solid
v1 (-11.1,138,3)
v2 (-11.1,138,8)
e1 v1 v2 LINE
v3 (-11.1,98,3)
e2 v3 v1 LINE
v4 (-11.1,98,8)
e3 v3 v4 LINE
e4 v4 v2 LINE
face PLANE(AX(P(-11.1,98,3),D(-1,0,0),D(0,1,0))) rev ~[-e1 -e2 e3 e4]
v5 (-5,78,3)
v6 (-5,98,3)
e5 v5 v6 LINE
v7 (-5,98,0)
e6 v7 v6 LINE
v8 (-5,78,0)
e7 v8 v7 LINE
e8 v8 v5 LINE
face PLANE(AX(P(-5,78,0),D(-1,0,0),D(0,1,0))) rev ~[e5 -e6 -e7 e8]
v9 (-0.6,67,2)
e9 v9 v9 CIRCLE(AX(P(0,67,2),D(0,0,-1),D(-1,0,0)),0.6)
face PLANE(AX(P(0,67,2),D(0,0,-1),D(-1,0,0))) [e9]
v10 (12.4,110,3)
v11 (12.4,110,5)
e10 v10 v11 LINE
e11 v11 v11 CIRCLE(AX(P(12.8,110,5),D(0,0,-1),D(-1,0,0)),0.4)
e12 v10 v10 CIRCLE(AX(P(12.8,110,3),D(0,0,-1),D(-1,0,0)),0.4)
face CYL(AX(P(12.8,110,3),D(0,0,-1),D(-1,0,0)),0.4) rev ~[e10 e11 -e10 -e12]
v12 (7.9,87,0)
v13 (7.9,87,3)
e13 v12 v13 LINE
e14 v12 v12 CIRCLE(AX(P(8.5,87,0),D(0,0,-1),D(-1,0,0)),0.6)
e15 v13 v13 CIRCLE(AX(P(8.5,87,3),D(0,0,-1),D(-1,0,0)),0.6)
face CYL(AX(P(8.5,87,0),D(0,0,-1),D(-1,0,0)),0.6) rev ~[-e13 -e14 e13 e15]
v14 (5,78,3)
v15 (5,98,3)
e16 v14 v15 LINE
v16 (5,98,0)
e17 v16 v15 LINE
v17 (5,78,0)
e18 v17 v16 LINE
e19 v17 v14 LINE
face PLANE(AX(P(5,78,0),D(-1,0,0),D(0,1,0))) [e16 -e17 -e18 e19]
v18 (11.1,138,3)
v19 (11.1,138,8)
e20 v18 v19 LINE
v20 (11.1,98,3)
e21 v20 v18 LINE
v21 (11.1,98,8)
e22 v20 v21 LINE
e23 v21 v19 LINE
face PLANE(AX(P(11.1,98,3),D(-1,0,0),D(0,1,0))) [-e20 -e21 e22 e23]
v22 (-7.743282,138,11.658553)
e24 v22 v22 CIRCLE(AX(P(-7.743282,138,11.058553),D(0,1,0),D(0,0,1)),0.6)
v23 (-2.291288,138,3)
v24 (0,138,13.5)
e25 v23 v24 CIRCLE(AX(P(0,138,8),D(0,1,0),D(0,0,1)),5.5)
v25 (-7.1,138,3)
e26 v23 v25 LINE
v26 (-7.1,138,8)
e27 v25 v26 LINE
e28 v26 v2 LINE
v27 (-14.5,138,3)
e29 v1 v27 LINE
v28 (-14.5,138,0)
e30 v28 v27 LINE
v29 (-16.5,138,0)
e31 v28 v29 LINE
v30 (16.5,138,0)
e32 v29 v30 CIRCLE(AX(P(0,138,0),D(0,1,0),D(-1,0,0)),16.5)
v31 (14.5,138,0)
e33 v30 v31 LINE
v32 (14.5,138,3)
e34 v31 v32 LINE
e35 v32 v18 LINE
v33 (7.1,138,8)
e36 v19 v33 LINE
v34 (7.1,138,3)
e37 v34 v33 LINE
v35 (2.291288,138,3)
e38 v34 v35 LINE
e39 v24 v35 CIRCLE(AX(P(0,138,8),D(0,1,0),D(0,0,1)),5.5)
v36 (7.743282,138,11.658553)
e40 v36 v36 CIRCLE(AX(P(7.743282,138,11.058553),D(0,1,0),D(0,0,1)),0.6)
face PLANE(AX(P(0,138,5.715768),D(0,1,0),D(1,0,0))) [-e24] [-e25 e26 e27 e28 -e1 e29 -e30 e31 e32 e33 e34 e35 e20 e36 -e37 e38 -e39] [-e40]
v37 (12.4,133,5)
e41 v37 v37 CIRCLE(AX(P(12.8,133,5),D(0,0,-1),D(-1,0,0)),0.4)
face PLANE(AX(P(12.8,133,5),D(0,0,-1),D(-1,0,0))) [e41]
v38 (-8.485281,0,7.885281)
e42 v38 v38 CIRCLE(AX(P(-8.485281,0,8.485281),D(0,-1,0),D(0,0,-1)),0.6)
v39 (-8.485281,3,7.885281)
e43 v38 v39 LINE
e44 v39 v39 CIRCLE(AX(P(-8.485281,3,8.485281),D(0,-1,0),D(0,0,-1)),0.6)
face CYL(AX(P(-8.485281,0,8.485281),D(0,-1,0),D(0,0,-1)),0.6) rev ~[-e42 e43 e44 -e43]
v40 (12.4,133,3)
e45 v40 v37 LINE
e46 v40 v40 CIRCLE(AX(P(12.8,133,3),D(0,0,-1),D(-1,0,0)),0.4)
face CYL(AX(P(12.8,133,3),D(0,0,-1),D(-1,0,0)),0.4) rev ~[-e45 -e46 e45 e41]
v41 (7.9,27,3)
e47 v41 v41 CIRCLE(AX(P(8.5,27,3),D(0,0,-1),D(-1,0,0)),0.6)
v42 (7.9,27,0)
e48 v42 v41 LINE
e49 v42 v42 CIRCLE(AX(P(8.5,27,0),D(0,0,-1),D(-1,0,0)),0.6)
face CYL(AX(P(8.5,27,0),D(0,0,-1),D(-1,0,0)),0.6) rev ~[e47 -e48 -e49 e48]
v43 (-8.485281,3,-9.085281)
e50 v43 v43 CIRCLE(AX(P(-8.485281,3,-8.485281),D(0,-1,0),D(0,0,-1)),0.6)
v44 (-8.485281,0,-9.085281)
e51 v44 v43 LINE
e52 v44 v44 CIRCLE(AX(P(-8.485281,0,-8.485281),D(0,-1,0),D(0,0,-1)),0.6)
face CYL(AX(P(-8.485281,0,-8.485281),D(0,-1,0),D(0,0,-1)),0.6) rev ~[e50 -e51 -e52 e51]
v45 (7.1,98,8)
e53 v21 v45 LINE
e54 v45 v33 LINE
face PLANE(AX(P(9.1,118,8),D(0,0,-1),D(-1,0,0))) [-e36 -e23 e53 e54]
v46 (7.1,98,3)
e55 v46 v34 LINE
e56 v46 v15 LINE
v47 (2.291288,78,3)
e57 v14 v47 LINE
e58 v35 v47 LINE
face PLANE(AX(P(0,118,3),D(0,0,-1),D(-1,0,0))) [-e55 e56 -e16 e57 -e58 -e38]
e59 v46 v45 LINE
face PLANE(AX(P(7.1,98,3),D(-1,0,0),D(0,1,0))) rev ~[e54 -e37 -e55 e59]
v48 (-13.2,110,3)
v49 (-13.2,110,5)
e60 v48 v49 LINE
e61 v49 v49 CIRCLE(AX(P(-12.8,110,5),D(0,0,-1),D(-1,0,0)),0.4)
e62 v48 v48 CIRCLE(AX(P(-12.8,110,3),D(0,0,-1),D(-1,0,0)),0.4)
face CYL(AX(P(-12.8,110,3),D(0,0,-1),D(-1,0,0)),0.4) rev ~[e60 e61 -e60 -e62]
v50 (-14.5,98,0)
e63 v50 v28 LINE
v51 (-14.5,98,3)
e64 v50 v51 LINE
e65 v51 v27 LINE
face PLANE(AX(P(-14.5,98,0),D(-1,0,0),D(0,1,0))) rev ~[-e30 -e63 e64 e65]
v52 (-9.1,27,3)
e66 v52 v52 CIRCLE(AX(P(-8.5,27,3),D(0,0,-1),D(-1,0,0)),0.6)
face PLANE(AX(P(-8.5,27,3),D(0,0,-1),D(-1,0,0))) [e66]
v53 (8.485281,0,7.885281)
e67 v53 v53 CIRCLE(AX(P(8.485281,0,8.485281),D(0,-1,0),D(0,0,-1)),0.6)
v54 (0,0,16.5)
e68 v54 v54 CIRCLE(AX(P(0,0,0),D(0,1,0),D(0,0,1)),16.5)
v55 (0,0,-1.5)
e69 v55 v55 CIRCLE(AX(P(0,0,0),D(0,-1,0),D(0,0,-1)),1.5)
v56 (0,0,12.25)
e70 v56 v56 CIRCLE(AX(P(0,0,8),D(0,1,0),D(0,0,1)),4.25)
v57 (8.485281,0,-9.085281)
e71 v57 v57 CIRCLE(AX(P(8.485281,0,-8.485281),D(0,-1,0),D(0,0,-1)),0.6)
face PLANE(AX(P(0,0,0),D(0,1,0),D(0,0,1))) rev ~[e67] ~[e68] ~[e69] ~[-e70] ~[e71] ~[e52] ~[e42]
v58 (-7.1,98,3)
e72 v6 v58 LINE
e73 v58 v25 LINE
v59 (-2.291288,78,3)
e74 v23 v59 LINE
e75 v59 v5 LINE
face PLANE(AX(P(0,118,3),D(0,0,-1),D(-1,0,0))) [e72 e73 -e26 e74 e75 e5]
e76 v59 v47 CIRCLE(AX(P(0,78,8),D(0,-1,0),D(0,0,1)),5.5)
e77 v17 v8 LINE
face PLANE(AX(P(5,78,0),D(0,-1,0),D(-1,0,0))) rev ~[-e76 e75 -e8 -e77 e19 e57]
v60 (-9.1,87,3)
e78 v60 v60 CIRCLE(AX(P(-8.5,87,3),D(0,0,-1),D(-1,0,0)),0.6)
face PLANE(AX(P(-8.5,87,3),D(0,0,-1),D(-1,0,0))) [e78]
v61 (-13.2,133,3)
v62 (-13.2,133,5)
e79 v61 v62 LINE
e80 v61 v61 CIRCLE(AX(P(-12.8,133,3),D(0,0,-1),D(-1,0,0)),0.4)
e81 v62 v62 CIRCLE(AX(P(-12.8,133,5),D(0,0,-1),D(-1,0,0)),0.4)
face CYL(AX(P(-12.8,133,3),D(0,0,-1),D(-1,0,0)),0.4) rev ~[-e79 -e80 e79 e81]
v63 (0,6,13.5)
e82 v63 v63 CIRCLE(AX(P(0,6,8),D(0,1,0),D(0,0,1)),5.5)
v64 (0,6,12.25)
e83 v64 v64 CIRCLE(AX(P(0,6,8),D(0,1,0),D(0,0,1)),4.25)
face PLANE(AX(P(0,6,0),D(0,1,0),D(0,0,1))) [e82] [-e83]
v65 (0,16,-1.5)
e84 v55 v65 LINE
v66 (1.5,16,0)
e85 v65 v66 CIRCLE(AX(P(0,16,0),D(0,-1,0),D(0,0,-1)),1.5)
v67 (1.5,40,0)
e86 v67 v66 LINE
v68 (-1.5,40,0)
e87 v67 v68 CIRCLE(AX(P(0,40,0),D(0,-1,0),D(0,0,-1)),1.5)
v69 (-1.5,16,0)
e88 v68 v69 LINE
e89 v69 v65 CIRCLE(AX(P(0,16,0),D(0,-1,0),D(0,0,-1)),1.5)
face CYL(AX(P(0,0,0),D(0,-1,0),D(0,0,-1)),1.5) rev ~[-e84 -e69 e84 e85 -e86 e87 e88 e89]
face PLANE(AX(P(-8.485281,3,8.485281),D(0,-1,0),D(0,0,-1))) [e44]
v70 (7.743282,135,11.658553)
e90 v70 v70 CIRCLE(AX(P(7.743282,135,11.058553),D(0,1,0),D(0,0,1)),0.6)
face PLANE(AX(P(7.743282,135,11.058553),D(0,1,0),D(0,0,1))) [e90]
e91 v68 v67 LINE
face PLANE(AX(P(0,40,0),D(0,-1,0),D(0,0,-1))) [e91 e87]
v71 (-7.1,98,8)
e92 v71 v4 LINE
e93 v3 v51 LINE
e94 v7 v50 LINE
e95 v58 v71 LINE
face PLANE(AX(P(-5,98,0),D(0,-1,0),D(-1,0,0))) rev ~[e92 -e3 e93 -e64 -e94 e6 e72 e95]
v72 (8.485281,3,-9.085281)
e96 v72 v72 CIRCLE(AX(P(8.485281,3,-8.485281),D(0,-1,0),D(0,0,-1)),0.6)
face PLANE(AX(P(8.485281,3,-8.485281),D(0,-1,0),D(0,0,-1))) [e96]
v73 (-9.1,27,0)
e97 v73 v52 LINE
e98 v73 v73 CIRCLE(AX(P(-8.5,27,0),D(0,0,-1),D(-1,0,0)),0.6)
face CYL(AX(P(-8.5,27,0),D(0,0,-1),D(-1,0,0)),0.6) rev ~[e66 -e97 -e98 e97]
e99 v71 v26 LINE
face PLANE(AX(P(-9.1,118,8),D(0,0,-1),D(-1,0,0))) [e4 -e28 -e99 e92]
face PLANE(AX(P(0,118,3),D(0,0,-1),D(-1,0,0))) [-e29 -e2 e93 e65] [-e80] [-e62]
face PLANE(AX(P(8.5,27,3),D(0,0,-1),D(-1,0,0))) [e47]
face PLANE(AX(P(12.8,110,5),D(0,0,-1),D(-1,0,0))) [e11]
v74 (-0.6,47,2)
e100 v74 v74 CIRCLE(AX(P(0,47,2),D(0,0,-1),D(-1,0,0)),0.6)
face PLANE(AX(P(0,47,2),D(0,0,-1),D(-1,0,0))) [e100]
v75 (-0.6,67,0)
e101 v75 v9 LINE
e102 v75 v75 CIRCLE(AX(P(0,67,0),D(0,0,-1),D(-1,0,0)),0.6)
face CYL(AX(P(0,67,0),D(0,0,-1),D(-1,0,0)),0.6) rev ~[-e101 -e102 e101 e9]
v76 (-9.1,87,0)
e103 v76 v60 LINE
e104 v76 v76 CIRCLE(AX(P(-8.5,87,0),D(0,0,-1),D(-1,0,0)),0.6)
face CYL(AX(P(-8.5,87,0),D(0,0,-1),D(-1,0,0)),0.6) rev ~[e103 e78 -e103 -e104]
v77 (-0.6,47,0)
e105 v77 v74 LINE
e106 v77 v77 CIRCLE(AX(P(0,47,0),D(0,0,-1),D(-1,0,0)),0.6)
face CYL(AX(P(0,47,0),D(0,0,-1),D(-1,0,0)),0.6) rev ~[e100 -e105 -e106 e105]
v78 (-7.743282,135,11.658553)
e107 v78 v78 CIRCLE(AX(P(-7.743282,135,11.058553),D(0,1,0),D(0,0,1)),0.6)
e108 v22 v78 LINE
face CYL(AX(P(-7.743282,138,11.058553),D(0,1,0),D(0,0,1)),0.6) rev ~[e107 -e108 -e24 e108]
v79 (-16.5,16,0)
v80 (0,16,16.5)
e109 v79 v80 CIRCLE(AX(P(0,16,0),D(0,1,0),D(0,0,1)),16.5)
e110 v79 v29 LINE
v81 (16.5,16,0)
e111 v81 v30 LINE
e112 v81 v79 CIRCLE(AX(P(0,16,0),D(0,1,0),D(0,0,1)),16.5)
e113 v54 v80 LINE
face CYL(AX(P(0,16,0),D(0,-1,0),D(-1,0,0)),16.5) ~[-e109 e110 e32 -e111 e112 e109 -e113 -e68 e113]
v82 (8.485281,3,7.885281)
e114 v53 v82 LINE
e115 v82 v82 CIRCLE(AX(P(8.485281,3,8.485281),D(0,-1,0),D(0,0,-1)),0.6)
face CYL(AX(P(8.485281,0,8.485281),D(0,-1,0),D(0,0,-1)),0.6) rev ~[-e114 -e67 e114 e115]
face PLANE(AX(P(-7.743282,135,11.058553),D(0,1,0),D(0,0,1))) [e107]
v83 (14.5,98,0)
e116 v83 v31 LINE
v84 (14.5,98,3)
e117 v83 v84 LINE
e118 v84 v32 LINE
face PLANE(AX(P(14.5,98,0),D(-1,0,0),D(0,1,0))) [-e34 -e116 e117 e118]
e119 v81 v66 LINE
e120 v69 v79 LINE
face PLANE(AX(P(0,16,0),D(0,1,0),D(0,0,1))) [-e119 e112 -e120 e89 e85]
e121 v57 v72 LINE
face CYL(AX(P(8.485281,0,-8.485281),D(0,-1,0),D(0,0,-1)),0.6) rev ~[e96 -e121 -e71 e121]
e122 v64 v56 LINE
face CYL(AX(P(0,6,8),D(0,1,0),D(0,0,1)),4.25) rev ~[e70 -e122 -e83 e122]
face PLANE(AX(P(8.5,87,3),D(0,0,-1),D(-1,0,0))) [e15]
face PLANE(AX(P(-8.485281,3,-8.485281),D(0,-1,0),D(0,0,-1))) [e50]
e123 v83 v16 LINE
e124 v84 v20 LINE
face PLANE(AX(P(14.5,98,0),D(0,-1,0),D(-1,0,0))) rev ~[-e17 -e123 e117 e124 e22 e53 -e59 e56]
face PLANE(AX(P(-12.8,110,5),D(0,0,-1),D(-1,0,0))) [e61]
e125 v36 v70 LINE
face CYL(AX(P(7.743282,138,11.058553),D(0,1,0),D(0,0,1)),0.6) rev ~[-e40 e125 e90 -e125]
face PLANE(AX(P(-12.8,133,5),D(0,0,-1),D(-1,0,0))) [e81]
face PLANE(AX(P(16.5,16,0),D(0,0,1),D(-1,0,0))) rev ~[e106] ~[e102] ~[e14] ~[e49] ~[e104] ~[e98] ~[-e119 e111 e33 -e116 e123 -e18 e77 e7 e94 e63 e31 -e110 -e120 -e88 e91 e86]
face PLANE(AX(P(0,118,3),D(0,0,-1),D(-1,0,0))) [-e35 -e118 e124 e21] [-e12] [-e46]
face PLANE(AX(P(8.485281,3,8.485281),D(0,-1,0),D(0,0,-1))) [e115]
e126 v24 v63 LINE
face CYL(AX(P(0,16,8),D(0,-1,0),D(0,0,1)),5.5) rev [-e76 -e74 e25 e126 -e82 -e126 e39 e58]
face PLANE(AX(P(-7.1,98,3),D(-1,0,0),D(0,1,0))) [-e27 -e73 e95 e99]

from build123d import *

# Parameters (mm, degrees)
SKETCH_1_R          = 16.5
EXTRUDE_1_DEPTH     = 6
SKETCH_2_R          = 4.25
CUT_EXTRUDE_1_DEPTH = 25.093567606
SKETCH_3_R          = 0.6
CUT_EXTRUDE_2_DEPTH = 3
SKETCH_4_R          = 16.5
SKETCH_4_R_2        = 5.5
EXTRUDE_2_DEPTH     = 10
SKETCH_5_R          = 5.5
EXTRUDE_3_DEPTH     = 122
SKETCH_6_W          = 29
SKETCH_6_H          = 40
SKETCH_6_W_2        = 10
SKETCH_6_H_2        = 20
CUT_EXTRUDE_3_DEPTH = 3
SKETCH_7_W          = 4
SKETCH_7_H          = 40
CUT_EXTRUDE_4_DEPTH = 5
SKETCH_8_R          = 0.4
CUT_EXTRUDE_5_DEPTH = 2
SKETCH_9_R          = 0.6
CUT_EXTRUDE_6_DEPTH = 2
SKETCH_10_R         = 0.6
CUT_EXTRUDE_7_DEPTH = 3
SKETCH_11_R         = 0.6
CUT_EXTRUDE_8_DEPTH = 3
SKETCH_12_R         = 1.5
CUT_EXTRUDE_9_DEPTH = 40


with BuildPart() as part:
    # 草图1 → 凸台-拉伸1 (new body)
    with BuildSketch(Plane(origin=(0, 0, 0), x_dir=(1, 0, 0), z_dir=(0, 1, 0))):
        with Locations(Location((0, 0, 0), (0, 0, 270))):
            Circle(SKETCH_1_R)
    extrude(amount=EXTRUDE_1_DEPTH)

    # 草图2 → 切除-拉伸1 (cut, through all)
    with BuildSketch(Plane(origin=(0, 6, 0), x_dir=(1, 0, 0), z_dir=(0, 1, 0))):
        with Locations(Location((0, -8, 0), (0, 0, 270))):
            Circle(SKETCH_2_R)
    extrude(amount=-CUT_EXTRUDE_1_DEPTH, mode=Mode.SUBTRACT)

    # 草图3 → 切除-拉伸2 (cut)
    with BuildSketch(Plane.XZ):
        with Locations(Location((-8.485281374, 8.485281374, 0), (0, 0, 270))):
            Circle(SKETCH_3_R)
        with Locations(Location((8.485281374, 8.485281374, 0), (0, 0, 270))):
            Circle(SKETCH_3_R)
        with Locations(Location((8.485281374, -8.485281374, 0), (0, 0, 270))):
            Circle(SKETCH_3_R)
        with Locations(Location((-8.485281374, -8.485281374, 0), (0, 0, 270))):
            Circle(SKETCH_3_R)
    extrude(amount=-CUT_EXTRUDE_2_DEPTH, mode=Mode.SUBTRACT)

    # 草图4 → 凸台-拉伸2 (add)
    with BuildSketch(Plane(origin=(0, 6, 0), x_dir=(1, 0, 0), z_dir=(0, 1, 0))):
        with Locations(Location((0, 0, 0), (0, 0, 270))):
            Circle(SKETCH_4_R)
        with Locations(Location((0, -8, 0), (0, 0, 270))):
            Circle(SKETCH_4_R_2, mode=Mode.SUBTRACT)
    extrude(amount=EXTRUDE_2_DEPTH)

    # 草图5 → 凸台-拉伸3 (add)
    with BuildSketch(Plane(origin=(0, 16, 0), x_dir=(1, 0, 0), z_dir=(0, 1, 0))):
        with BuildLine():
            ThreePointArc((-16.5, 0), (0, -16.5), (16.5, 0))
            Line((16.5, 0), (-16.5, 0))
        make_face()
        with Locations(Location((0, -8, 0), (0, 0, 270))):
            Circle(SKETCH_5_R, mode=Mode.SUBTRACT)
    extrude(amount=EXTRUDE_3_DEPTH)

    # 草图6 → 切除-拉伸3 (cut)
    with BuildSketch(Plane(origin=(0, 0, 0), x_dir=(-1, 0, 0), z_dir=(0, 0, -1))):
        with Locations((0, 118)):
            Rectangle(SKETCH_6_W, SKETCH_6_H)
        with Locations((0, 88)):
            Rectangle(SKETCH_6_W_2, SKETCH_6_H_2)
    extrude(amount=-CUT_EXTRUDE_3_DEPTH, mode=Mode.SUBTRACT)

    # 草图7 → 切除-拉伸4 (cut)
    with BuildSketch(Plane(origin=(0, 0, 3), x_dir=(-1, 0, 0), z_dir=(0, 0, -1))):
        with Locations((9.1, 118)):
            Rectangle(SKETCH_7_W, SKETCH_7_H)
        with Locations((-9.1, 118)):
            Rectangle(SKETCH_7_W, SKETCH_7_H)
    extrude(amount=-CUT_EXTRUDE_4_DEPTH, mode=Mode.SUBTRACT)

    # 草图8 → 切除-拉伸5 (cut)
    with BuildSketch(Plane(origin=(0, 0, 3), x_dir=(-1, 0, 0), z_dir=(0, 0, -1))):
        with Locations((-12.8, 133)):
            Circle(SKETCH_8_R)
        with Locations((-12.8, 110)):
            Circle(SKETCH_8_R)
        with Locations((12.8, 133)):
            Circle(SKETCH_8_R)
        with Locations((12.8, 110)):
            Circle(SKETCH_8_R)
    extrude(amount=-CUT_EXTRUDE_5_DEPTH, mode=Mode.SUBTRACT)

    # 草图9 → 切除-拉伸6 (cut)
    with BuildSketch(Plane(origin=(0, 0, 0), x_dir=(-1, 0, 0), z_dir=(0, 0, -1))):
        with Locations((0, 67)):
            Circle(SKETCH_9_R)
        with Locations((0, 47)):
            Circle(SKETCH_9_R)
    extrude(amount=-CUT_EXTRUDE_6_DEPTH, mode=Mode.SUBTRACT)

    # 草图10 → 切除-拉伸7 (cut)
    with BuildSketch(Plane(origin=(0, 0, 0), x_dir=(-1, 0, 0), z_dir=(0, 0, -1))):
        with Locations((-8.5, 87)):
            Circle(SKETCH_10_R)
        with Locations((8.5, 87)):
            Circle(SKETCH_10_R)
        with Locations((8.5, 27)):
            Circle(SKETCH_10_R)
        with Locations((-8.5, 27)):
            Circle(SKETCH_10_R)
    extrude(amount=-CUT_EXTRUDE_7_DEPTH, mode=Mode.SUBTRACT)

    # 草图11 → 切除-拉伸8 (cut)
    with BuildSketch(Plane(origin=(0, 138, 0), x_dir=(1, 0, 0), z_dir=(0, 1, 0))):
        with Locations(Location((7.743281891, -11.058552598, 0), (0, 0, 270))):
            Circle(SKETCH_11_R)
        with Locations(Location((-7.743281891, -11.058552598, 0), (0, 0, 270))):
            Circle(SKETCH_11_R)
    extrude(amount=-CUT_EXTRUDE_8_DEPTH, mode=Mode.SUBTRACT)

    # 草图12 → 切除-拉伸9 (cut)
    with BuildSketch(Plane(origin=(0, 0, 0), x_dir=(-1, 0, 0), z_dir=(0, -1, 0))):
        with Locations(Location((0, 0, 0), (0, 0, 90))):
            Circle(SKETCH_12_R)
    extrude(amount=-CUT_EXTRUDE_9_DEPTH, mode=Mode.SUBTRACT)


solid = part.part
